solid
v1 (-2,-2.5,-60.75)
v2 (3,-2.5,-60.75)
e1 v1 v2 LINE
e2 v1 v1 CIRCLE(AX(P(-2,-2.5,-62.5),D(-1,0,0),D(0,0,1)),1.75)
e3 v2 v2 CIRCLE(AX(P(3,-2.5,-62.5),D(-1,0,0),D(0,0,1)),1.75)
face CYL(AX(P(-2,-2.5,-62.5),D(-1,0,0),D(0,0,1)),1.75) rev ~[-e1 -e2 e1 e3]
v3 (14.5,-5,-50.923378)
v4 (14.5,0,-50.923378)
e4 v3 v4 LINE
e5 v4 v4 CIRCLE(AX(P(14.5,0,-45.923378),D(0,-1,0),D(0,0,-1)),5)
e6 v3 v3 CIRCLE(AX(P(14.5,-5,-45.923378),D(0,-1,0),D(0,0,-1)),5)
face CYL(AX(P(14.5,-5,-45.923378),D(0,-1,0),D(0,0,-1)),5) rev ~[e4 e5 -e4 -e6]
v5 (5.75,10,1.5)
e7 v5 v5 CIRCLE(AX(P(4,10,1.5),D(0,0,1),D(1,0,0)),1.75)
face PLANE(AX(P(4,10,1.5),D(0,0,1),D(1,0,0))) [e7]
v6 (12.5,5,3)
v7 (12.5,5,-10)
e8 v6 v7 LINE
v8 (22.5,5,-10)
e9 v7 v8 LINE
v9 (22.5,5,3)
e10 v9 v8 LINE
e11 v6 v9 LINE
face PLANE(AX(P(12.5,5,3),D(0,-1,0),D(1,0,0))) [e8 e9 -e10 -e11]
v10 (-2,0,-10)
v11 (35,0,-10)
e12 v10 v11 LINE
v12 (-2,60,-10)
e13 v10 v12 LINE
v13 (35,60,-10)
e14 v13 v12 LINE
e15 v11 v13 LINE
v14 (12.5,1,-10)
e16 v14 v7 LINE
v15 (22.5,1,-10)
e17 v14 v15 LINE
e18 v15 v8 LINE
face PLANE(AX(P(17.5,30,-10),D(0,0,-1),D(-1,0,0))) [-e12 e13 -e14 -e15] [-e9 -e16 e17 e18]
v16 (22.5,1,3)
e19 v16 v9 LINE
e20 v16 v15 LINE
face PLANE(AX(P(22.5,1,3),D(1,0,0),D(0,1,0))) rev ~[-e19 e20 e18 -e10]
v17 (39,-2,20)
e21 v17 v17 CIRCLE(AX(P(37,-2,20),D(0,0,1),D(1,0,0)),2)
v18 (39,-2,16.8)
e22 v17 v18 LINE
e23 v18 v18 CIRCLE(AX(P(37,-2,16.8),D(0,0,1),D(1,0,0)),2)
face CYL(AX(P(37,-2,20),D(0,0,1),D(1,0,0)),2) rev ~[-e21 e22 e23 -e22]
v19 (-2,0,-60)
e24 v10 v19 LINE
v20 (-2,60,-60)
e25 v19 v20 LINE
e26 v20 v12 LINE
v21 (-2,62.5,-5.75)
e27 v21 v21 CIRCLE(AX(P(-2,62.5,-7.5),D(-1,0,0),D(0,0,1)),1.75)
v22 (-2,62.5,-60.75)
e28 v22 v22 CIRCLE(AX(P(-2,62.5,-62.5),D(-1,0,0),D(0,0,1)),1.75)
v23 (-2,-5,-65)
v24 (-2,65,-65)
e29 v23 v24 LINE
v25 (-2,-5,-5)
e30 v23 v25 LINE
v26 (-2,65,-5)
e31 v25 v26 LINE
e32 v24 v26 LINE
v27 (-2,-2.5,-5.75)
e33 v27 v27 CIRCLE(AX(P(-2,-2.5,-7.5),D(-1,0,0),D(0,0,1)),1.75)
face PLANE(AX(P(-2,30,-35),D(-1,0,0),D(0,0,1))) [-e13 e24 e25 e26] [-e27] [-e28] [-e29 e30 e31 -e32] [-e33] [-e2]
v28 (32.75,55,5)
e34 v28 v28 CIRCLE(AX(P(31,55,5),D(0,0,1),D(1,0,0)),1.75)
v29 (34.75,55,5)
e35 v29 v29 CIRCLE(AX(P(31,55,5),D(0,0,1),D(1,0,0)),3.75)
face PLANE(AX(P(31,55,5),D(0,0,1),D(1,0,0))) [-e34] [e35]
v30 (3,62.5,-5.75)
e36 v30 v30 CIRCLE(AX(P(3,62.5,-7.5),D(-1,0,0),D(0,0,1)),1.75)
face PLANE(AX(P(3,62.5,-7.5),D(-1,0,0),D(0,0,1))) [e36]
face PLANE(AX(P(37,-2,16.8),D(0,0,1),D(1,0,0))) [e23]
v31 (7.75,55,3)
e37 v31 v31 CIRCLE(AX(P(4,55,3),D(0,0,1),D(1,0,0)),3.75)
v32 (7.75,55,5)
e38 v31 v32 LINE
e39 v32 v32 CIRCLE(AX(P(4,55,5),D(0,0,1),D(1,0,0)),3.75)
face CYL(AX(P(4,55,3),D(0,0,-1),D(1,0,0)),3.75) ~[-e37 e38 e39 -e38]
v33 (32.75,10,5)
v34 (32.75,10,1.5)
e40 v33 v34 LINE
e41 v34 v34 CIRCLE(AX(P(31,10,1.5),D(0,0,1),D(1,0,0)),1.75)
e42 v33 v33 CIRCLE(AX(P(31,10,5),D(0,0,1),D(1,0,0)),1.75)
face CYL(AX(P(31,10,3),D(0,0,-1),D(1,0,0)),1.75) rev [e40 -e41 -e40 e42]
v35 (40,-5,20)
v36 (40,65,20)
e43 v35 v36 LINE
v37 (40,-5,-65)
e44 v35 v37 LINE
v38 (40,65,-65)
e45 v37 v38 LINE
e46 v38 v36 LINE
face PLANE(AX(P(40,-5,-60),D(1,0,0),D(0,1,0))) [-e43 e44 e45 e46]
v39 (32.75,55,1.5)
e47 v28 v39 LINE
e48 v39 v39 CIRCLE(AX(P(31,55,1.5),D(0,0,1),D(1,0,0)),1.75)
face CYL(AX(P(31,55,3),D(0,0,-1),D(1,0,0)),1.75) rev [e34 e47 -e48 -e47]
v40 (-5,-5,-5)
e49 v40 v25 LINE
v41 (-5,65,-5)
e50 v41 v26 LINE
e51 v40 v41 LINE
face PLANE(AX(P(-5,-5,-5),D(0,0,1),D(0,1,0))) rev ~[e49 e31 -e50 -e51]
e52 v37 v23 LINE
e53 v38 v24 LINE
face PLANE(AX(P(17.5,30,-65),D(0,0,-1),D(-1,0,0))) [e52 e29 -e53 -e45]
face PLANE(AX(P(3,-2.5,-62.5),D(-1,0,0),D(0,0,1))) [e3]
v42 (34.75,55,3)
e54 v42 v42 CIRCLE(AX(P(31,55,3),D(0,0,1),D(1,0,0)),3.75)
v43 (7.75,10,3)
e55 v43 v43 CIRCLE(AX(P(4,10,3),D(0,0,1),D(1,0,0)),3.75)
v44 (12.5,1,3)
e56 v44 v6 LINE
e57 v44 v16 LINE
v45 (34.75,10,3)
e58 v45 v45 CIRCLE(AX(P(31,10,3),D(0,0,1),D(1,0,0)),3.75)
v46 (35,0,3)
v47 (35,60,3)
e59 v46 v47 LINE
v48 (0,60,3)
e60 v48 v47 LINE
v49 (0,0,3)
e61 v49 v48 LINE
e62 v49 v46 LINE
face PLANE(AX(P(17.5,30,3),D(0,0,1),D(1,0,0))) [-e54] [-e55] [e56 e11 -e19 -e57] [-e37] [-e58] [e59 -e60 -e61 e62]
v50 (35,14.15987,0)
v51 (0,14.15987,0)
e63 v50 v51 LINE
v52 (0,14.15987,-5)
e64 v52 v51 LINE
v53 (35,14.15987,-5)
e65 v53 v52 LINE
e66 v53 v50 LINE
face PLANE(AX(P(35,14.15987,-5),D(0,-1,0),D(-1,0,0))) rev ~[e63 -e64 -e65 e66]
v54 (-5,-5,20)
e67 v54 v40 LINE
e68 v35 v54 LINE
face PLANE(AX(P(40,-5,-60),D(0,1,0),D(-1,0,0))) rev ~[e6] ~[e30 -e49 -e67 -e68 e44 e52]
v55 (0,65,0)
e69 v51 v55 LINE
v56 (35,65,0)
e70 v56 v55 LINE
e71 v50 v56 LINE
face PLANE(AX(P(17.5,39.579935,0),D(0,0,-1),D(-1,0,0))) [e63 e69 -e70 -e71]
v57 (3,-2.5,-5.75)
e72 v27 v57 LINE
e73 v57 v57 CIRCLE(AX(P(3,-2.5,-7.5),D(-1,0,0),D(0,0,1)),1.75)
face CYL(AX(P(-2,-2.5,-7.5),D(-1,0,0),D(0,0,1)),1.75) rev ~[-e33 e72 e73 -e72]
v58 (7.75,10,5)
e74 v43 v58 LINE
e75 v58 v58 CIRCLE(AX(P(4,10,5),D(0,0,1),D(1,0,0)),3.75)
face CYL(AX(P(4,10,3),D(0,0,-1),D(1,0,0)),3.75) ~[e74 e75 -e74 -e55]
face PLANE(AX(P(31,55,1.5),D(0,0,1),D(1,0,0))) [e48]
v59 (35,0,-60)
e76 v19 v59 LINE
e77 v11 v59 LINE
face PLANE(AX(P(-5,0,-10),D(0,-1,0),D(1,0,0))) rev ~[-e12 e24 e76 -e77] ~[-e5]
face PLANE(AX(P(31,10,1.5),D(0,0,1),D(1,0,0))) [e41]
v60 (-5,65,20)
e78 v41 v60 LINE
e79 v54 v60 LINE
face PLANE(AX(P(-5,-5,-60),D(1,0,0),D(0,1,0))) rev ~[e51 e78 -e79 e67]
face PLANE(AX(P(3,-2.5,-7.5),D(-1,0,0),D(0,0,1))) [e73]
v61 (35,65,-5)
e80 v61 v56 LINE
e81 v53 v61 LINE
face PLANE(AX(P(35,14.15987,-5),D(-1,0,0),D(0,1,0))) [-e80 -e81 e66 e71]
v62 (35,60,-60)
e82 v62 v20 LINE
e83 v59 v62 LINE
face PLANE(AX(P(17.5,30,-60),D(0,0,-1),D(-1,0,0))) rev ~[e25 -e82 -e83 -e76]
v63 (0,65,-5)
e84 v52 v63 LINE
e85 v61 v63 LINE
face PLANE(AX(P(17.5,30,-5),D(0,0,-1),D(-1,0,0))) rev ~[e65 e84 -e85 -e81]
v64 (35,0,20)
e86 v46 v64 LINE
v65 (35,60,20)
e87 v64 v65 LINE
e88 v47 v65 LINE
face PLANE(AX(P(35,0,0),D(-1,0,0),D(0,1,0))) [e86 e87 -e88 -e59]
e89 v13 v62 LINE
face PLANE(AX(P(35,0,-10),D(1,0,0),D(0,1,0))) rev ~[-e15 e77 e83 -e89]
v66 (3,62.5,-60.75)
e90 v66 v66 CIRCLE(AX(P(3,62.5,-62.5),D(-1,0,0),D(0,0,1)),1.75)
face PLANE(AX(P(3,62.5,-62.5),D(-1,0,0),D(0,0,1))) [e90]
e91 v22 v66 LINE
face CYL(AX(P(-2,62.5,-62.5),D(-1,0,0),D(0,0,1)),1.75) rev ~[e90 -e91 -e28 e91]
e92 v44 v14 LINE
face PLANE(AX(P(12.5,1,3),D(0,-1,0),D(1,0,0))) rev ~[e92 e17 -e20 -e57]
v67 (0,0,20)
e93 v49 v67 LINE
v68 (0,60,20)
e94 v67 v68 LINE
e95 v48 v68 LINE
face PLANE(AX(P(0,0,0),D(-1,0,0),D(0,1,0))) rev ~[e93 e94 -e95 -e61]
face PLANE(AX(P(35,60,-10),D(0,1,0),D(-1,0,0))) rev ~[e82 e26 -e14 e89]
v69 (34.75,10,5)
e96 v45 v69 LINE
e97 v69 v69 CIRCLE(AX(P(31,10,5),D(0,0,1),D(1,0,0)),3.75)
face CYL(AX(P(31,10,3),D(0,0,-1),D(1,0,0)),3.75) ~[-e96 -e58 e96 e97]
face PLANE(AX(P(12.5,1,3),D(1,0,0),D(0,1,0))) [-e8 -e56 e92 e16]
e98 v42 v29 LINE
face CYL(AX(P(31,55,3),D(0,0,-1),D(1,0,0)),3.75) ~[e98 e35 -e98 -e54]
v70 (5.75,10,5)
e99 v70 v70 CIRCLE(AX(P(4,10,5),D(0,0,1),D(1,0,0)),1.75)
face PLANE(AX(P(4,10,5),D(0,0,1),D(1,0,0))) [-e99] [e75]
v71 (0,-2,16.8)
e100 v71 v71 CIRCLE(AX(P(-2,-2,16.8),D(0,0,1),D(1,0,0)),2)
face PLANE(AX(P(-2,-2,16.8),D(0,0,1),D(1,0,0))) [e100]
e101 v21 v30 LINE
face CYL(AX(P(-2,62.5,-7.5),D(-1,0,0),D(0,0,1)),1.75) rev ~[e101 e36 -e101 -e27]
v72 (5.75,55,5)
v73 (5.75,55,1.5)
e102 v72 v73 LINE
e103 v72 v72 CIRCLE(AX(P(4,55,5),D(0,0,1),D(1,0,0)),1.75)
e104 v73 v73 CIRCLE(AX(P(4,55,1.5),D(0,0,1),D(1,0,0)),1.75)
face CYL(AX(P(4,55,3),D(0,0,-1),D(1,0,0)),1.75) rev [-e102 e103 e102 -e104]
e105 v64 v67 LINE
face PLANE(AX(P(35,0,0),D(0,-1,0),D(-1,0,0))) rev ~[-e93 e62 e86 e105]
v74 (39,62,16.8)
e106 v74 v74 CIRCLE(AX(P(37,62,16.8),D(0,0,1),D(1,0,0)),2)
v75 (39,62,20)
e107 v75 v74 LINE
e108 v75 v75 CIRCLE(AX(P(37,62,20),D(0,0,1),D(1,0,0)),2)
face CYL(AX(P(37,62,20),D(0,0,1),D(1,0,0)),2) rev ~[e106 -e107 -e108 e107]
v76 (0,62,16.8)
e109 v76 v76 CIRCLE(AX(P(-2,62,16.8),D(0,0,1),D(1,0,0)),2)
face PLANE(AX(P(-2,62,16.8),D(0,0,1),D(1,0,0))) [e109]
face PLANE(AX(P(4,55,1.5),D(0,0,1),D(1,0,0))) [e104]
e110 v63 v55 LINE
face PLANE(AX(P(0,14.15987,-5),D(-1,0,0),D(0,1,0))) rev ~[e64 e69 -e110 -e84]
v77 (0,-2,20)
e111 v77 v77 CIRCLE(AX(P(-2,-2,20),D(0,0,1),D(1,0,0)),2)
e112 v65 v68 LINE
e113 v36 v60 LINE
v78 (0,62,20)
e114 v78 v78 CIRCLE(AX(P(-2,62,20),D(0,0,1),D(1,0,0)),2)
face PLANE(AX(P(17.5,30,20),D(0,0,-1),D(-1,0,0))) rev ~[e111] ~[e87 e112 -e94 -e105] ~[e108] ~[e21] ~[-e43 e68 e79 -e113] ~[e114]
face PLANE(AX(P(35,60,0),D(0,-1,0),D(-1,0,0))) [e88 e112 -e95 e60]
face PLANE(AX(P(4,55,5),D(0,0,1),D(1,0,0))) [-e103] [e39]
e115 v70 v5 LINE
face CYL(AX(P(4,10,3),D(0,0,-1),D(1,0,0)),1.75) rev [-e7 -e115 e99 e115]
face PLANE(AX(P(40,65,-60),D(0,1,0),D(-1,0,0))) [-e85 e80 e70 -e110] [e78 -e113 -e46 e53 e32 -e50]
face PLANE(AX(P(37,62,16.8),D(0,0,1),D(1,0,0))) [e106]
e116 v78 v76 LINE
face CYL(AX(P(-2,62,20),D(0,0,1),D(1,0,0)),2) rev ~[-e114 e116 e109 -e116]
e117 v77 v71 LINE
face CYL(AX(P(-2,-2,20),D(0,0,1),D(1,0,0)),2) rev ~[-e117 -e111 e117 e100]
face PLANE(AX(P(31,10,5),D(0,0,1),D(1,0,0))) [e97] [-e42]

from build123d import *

# Parameters (mm, degrees)
SKICA1_W                    = 35
SKICA1_H                    = 60
P_IDAT_VYSUNUT_M1_DEPTH     = 3
SKICA3_W                    = 45
SKICA3_H                    = 70
SKICA3_W_2                  = 35
SKICA3_H_2                  = 60
VYSUNOUT_TENKOST_NN_1_DEPTH = 20
SKICA4_R                    = 3.75
SKICA4_R_2                  = 1.75
VYSUNOUT_TENKOST_NN_2_DEPTH = 2
ODEBRAT_START               = -1.5
SKICA5_R                    = 1.75
ODEBRAT_VYSUNUT_M1_DEPTH    = 1.5
SKICA10_W                   = 45
SKICA10_H                   = 70
P_IDAT_VYSUNUT_M2_DEPTH     = 5
SKICA12_W                   = 35
SKICA12_H                   = 50.840130339
ODEBRAT_VYSUNUT_M5_DEPTH    = 5
SKICA13_W                   = 45
SKICA13_H                   = 70
P_IDAT_VYSUNUT_M3_DEPTH     = 5
P_IDAT_VYSUNUT_M5_DEPTH     = 50
SKICA17_W                   = 45
SKICA17_H                   = 70
P_IDAT_VYSUNUT_M6_DEPTH     = 5
SKICA7_R                    = 2
ODEBRAT_VYSUNUT_M3_DEPTH    = 3.2
ODEBRAT_VYSUNUT_M6_REACH    = 104.22
SKICA8_W                    = 10
SKICA8_H                    = 4
SKICA21_W                   = 60
SKICA21_H                   = 70
ODEBRAT_VYSUNUT_M7_DEPTH    = 3
SKICA22_R                   = 1.75
ODEBRAT_VYSUNUT_M8_DEPTH    = 5
SKICA23_R                   = 5
ODEBRAT_VYSUNUT_M9_DEPTH    = 5


with BuildPart() as part:
    # Skica1 → Přidat vysunutím1 (new body)
    with BuildSketch(Plane.XY):
        with Locations((17.5, 30)):
            Rectangle(SKICA1_W, SKICA1_H)
    extrude(amount=P_IDAT_VYSUNUT_M1_DEPTH)

    # Skica3 → Vysunout tenkostěnný1 (add)
    with BuildSketch(Plane(origin=(0, 0, 0), x_dir=(-1, 0, 0), z_dir=(0, 0, -1))):
        with Locations((-17.5, 30)):
            Rectangle(SKICA3_W, SKICA3_H)
        with Locations((-17.5, 30)):
            Rectangle(SKICA3_W_2, SKICA3_H_2, mode=Mode.SUBTRACT)
    extrude(amount=-VYSUNOUT_TENKOST_NN_1_DEPTH)

    # Skica4 → Vysunout tenkostěnný2 (add)
    # profile 1 of 4: a face of its own
    with BuildSketch(Plane.XY.offset(3)):
        with Locations((4, 55)):
            Circle(SKICA4_R)
        with Locations((4, 55)):
            Circle(SKICA4_R_2, mode=Mode.SUBTRACT)
    # profile 2 of 4: a face of its own
    with BuildSketch(Plane.XY.offset(3)):
        with Locations((31, 55)):
            Circle(SKICA4_R)
        with Locations((31, 55)):
            Circle(SKICA4_R_2, mode=Mode.SUBTRACT)
    # profile 3 of 4: a face of its own
    with BuildSketch(Plane.XY.offset(3)):
        with Locations((31, 10)):
            Circle(SKICA4_R)
        with Locations((31, 10)):
            Circle(SKICA4_R_2, mode=Mode.SUBTRACT)
    # profile 4 of 4: a face of its own
    with BuildSketch(Plane.XY.offset(3)):
        with Locations((4, 10)):
            Circle(SKICA4_R)
        with Locations((4, 10)):
            Circle(SKICA4_R_2, mode=Mode.SUBTRACT)
    extrude(amount=VYSUNOUT_TENKOST_NN_2_DEPTH)

    # Skica5 → Odebrat vysunutím1 (cut)
    with BuildSketch(Plane.XY.offset(3).offset(ODEBRAT_START)):
        with Locations((4, 55)):
            Circle(SKICA5_R)
        with Locations((31, 55)):
            Circle(SKICA5_R)
        with Locations((31, 10)):
            Circle(SKICA5_R)
        with Locations((4, 10)):
            Circle(SKICA5_R)
    extrude(amount=ODEBRAT_VYSUNUT_M1_DEPTH, mode=Mode.SUBTRACT)

    # Skica10 → Přidat vysunutím2 (add)
    with BuildSketch(Plane(origin=(0, 0, 0), x_dir=(-1, 0, 0), z_dir=(0, 0, -1))):
        with Locations((-17.5, 30)):
            Rectangle(SKICA10_W, SKICA10_H)
    extrude(amount=P_IDAT_VYSUNUT_M2_DEPTH)

    # Skica12 → Odebrat vysunutím5 (cut)
    with BuildSketch(Plane(origin=(0, 0, -5), x_dir=(-1, 0, 0), z_dir=(0, 0, -1))):
        with Locations((-17.5, 39.579934831)):
            Rectangle(SKICA12_W, SKICA12_H)
    extrude(amount=-ODEBRAT_VYSUNUT_M5_DEPTH, mode=Mode.SUBTRACT)

    # Skica13 → Přidat vysunutím3 (add)
    with BuildSketch(Plane(origin=(0, 0, -5), x_dir=(-1, 0, 0), z_dir=(0, 0, -1))):
        with Locations((-17.5, 30)):
            Rectangle(SKICA13_W, SKICA13_H)
    extrude(amount=P_IDAT_VYSUNUT_M3_DEPTH)

    # Skica16 → Přidat vysunutím5 (add)
    with BuildSketch(Plane(origin=(0, 0, -10), x_dir=(-1, 0, 0), z_dir=(0, 0, -1))):
        Polygon((-37, -5), (5, -5), (5, 0), (-35, 0), (-35, 60), (5, 60), (5, 65), (-37, 65), (-40, 65), (-40, 62), (-40, -2), (-40, -5), align=None)
    extrude(amount=P_IDAT_VYSUNUT_M5_DEPTH)

    # Skica17 → Přidat vysunutím6 (add)
    with BuildSketch(Plane(origin=(0, 0, -60), x_dir=(-1, 0, 0), z_dir=(0, 0, -1))):
        with Locations((-17.5, 30)):
            Rectangle(SKICA17_W, SKICA17_H)
    extrude(amount=P_IDAT_VYSUNUT_M6_DEPTH)

    # Skica7 → Odebrat vysunutím3 (cut)
    with BuildSketch(Plane.XY.offset(20)):
        with Locations((37, 62)):
            Circle(SKICA7_R)
        with Locations((-2, 62)):
            Circle(SKICA7_R)
        with Locations((-2, -2)):
            Circle(SKICA7_R)
        with Locations((37, -2)):
            Circle(SKICA7_R)
    extrude(amount=-ODEBRAT_VYSUNUT_M3_DEPTH, mode=Mode.SUBTRACT)

    # Skica8 → Odebrat vysunutím6 (cut, up to next)
    with BuildSketch(Plane.XY.offset(3), mode=Mode.PRIVATE) as odebrat_vysunut_m6_sk1:
        with Locations((17.5, 3)):
            Rectangle(SKICA8_W, SKICA8_H)
    odebrat_vysunut_m6_tool1 = extrude(odebrat_vysunut_m6_sk1.sketch, amount=-ODEBRAT_VYSUNUT_M6_REACH, mode=Mode.PRIVATE) & part.part
    add(odebrat_vysunut_m6_tool1.solids().sort_by_distance((17.5, 3, 3))[0], mode=Mode.SUBTRACT)

    # Skica21 → Odebrat vysunutím7 (cut)
    with BuildSketch(Plane.ZY.offset(5)):
        with Locations((-35, 30)):
            Rectangle(SKICA21_W, SKICA21_H)
    extrude(amount=-ODEBRAT_VYSUNUT_M7_DEPTH, mode=Mode.SUBTRACT)

    # Skica22 → Odebrat vysunutím8 (cut)
    with BuildSketch(Plane.ZY.offset(2)):
        with Locations((-7.5, 62.5)):
            Circle(SKICA22_R)
        with Locations((-7.5, -2.5)):
            Circle(SKICA22_R)
        with Locations((-62.5, -2.5)):
            Circle(SKICA22_R)
        with Locations((-62.5, 62.5)):
            Circle(SKICA22_R)
    extrude(amount=-ODEBRAT_VYSUNUT_M8_DEPTH, mode=Mode.SUBTRACT)

    # Skica23 → Odebrat vysunutím9 (cut)
    with BuildSketch(Plane.XZ.offset(5)):
        with Locations(Location((14.5, -45.923378455, 0), (0, 0, 270))):
            Circle(SKICA23_R)
    extrude(amount=-ODEBRAT_VYSUNUT_M9_DEPTH, mode=Mode.SUBTRACT)


solid = part.part
